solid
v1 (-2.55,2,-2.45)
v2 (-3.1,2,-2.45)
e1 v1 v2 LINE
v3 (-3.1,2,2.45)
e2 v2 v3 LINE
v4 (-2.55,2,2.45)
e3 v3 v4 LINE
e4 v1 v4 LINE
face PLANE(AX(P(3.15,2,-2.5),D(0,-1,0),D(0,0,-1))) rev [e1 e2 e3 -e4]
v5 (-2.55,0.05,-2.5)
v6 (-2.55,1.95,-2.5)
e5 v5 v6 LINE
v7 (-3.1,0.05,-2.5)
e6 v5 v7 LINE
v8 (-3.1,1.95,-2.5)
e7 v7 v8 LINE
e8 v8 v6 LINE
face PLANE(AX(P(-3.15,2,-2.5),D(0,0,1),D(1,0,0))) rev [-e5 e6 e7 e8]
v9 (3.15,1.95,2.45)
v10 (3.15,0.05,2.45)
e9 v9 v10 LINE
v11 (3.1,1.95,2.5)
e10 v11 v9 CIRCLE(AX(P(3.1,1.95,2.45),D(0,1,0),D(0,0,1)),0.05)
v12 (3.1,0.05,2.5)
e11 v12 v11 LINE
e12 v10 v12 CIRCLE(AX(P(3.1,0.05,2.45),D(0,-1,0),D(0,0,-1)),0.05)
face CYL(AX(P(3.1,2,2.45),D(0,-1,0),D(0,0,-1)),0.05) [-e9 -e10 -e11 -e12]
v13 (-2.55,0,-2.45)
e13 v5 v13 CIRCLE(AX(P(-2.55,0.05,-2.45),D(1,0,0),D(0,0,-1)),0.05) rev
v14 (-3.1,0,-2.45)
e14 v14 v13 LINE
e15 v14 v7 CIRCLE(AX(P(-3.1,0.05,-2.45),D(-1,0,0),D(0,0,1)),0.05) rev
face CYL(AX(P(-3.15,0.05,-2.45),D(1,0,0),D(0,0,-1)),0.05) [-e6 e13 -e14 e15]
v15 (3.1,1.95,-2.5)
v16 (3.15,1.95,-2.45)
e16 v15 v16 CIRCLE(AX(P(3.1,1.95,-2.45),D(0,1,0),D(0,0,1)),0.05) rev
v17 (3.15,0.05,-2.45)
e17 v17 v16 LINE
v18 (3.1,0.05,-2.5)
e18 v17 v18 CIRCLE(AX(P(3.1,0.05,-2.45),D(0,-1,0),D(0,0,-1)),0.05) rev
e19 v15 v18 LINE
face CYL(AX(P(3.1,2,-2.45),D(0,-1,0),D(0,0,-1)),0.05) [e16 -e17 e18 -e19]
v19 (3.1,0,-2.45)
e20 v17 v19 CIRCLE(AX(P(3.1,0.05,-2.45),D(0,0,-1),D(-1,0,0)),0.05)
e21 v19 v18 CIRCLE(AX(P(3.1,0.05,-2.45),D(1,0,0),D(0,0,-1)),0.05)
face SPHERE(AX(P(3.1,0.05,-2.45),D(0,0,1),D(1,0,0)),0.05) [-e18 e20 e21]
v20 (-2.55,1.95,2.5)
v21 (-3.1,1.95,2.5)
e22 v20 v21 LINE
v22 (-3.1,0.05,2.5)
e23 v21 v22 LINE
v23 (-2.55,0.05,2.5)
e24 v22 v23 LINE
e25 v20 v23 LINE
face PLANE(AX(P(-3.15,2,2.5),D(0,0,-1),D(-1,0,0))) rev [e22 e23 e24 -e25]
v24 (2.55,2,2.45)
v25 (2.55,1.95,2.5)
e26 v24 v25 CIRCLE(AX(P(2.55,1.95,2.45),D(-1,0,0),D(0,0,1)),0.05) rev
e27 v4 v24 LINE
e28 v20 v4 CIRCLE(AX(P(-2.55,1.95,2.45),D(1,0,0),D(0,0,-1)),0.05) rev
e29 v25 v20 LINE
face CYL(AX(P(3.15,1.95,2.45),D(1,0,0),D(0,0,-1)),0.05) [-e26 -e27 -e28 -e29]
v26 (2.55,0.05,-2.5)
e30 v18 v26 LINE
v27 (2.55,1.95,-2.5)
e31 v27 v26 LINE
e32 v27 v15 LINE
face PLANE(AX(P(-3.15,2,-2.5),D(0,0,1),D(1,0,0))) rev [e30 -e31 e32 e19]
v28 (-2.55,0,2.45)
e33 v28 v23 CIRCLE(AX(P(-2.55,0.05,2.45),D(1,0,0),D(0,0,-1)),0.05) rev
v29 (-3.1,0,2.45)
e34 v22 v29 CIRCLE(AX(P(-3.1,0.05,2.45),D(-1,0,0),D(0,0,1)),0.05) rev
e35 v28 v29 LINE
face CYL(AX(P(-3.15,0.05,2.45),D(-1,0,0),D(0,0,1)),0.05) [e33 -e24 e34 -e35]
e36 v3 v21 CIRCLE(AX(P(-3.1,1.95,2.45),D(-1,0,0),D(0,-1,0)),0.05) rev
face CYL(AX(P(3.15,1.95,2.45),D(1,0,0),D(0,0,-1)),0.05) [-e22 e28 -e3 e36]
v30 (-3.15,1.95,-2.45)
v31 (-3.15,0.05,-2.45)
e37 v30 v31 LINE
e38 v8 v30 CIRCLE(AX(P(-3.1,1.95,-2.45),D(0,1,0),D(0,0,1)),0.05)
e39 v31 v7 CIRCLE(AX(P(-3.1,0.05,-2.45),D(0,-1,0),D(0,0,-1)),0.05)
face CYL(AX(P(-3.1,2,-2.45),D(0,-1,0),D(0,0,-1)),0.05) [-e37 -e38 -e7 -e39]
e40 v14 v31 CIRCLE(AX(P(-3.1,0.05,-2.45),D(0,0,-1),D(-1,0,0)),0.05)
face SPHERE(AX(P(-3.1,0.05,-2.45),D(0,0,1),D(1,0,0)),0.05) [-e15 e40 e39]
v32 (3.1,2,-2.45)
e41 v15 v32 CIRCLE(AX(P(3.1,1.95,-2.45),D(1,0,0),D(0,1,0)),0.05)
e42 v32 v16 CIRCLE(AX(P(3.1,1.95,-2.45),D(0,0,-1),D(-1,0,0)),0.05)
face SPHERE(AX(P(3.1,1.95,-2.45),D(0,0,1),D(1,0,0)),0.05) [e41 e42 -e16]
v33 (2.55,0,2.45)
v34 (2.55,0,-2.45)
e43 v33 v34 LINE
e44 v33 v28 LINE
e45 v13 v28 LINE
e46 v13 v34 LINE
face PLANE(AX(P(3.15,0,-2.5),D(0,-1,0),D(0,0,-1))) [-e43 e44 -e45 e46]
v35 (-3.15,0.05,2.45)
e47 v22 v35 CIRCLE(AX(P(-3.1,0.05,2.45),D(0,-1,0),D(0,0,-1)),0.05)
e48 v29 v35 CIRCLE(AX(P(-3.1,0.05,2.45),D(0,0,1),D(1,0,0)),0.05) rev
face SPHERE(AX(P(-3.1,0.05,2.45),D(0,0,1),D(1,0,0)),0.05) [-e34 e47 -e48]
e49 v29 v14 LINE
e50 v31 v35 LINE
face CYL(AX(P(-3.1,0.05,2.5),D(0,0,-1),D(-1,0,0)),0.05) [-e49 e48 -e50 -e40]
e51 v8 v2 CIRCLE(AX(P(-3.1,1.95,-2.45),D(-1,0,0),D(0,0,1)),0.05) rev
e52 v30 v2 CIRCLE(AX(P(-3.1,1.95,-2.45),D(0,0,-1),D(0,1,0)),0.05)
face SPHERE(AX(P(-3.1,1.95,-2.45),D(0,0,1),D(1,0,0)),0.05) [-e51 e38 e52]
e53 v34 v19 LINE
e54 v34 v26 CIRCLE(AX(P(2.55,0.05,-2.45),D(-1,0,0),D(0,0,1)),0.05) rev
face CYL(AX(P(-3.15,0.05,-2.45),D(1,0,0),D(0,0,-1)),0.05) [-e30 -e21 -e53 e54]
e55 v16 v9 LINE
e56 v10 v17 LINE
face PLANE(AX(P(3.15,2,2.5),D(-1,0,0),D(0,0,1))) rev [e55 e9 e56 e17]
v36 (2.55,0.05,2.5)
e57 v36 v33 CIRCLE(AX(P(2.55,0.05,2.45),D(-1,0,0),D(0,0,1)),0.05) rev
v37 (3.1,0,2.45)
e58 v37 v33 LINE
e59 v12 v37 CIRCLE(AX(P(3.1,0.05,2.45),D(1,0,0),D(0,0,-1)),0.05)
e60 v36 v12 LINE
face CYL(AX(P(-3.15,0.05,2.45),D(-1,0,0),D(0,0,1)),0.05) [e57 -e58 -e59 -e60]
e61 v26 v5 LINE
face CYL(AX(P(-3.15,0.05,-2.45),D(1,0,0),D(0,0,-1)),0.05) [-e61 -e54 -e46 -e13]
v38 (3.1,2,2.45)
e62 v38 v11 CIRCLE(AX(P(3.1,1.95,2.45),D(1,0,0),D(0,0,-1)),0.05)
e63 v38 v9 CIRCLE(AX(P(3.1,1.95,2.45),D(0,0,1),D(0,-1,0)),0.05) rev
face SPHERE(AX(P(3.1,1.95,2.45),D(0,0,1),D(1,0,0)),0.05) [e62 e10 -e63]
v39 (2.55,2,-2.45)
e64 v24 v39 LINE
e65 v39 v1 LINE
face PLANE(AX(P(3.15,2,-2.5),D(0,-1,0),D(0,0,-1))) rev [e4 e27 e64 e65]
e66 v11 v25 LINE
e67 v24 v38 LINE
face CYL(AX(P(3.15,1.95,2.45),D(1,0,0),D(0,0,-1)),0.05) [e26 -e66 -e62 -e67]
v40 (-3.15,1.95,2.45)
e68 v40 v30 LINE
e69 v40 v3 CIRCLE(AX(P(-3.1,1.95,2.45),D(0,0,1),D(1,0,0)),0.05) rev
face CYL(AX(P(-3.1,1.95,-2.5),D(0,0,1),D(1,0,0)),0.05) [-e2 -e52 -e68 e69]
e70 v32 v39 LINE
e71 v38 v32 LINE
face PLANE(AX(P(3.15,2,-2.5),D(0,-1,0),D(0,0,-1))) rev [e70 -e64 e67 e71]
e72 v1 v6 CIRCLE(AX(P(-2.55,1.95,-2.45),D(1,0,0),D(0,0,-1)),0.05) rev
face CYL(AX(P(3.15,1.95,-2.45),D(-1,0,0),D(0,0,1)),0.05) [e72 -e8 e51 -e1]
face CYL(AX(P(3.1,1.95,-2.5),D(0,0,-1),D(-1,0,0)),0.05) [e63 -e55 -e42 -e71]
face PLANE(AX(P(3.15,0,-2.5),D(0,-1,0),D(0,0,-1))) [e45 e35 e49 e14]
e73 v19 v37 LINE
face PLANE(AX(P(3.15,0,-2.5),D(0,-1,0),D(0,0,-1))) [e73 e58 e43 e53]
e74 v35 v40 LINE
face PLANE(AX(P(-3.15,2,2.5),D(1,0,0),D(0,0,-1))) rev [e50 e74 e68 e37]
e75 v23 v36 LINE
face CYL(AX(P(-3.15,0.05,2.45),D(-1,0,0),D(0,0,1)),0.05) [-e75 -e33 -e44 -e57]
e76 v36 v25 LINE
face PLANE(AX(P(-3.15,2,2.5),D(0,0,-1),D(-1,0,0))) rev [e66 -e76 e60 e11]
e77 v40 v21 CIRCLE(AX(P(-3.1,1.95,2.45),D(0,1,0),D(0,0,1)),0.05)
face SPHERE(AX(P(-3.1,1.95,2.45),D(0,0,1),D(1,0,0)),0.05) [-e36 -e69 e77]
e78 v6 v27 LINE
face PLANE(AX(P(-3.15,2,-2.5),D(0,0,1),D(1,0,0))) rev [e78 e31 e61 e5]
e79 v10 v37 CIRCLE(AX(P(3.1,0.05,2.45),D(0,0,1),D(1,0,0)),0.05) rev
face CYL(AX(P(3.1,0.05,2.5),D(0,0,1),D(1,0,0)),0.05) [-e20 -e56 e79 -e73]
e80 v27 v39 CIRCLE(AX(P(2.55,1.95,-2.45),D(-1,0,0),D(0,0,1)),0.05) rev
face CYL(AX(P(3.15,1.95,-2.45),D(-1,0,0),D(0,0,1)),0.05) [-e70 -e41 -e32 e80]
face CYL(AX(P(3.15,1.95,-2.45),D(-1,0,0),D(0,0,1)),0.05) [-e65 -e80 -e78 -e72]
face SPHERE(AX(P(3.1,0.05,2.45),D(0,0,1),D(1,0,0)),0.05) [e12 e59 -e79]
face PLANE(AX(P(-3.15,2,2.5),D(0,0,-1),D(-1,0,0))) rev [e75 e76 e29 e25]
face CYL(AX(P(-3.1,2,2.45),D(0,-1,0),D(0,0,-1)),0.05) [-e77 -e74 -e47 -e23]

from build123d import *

# Parameters (mm, degrees)
SKETCH1_W      = 6.3
SKETCH1_H      = 5
EXTRUDE1_DEPTH = 2
FILLET1_R      = 0.05


with BuildPart() as part:
    # Sketch1 → Extrude1 (new body)
    with BuildSketch(Plane(origin=(0, 0, 0), x_dir=(1, 0, 0), z_dir=(0, 1, 0))):
        Rectangle(SKETCH1_W, SKETCH1_H)
    extrude(amount=EXTRUDE1_DEPTH)

    # Fillet1
    fillet1_edges = [part.edges().sort_by_distance(p)[0] for p in [
        (-3.15, 2, 0),
        (0, 2, 2.5),
        (3.15, 2, 0),
        (0, 0, 2.5),
        (-3.15, 0, 0),
        (0, 0, -2.5),
        (3.15, 0, 0),
        (0, 2, -2.5),
        (3.15, 1, 2.5),
        (-3.15, 1, 2.5),
        (-3.15, 1, -2.5),
        (3.15, 1, -2.5),
    ]]
    fillet(fillet1_edges, radius=FILLET1_R)


solid = part.part
